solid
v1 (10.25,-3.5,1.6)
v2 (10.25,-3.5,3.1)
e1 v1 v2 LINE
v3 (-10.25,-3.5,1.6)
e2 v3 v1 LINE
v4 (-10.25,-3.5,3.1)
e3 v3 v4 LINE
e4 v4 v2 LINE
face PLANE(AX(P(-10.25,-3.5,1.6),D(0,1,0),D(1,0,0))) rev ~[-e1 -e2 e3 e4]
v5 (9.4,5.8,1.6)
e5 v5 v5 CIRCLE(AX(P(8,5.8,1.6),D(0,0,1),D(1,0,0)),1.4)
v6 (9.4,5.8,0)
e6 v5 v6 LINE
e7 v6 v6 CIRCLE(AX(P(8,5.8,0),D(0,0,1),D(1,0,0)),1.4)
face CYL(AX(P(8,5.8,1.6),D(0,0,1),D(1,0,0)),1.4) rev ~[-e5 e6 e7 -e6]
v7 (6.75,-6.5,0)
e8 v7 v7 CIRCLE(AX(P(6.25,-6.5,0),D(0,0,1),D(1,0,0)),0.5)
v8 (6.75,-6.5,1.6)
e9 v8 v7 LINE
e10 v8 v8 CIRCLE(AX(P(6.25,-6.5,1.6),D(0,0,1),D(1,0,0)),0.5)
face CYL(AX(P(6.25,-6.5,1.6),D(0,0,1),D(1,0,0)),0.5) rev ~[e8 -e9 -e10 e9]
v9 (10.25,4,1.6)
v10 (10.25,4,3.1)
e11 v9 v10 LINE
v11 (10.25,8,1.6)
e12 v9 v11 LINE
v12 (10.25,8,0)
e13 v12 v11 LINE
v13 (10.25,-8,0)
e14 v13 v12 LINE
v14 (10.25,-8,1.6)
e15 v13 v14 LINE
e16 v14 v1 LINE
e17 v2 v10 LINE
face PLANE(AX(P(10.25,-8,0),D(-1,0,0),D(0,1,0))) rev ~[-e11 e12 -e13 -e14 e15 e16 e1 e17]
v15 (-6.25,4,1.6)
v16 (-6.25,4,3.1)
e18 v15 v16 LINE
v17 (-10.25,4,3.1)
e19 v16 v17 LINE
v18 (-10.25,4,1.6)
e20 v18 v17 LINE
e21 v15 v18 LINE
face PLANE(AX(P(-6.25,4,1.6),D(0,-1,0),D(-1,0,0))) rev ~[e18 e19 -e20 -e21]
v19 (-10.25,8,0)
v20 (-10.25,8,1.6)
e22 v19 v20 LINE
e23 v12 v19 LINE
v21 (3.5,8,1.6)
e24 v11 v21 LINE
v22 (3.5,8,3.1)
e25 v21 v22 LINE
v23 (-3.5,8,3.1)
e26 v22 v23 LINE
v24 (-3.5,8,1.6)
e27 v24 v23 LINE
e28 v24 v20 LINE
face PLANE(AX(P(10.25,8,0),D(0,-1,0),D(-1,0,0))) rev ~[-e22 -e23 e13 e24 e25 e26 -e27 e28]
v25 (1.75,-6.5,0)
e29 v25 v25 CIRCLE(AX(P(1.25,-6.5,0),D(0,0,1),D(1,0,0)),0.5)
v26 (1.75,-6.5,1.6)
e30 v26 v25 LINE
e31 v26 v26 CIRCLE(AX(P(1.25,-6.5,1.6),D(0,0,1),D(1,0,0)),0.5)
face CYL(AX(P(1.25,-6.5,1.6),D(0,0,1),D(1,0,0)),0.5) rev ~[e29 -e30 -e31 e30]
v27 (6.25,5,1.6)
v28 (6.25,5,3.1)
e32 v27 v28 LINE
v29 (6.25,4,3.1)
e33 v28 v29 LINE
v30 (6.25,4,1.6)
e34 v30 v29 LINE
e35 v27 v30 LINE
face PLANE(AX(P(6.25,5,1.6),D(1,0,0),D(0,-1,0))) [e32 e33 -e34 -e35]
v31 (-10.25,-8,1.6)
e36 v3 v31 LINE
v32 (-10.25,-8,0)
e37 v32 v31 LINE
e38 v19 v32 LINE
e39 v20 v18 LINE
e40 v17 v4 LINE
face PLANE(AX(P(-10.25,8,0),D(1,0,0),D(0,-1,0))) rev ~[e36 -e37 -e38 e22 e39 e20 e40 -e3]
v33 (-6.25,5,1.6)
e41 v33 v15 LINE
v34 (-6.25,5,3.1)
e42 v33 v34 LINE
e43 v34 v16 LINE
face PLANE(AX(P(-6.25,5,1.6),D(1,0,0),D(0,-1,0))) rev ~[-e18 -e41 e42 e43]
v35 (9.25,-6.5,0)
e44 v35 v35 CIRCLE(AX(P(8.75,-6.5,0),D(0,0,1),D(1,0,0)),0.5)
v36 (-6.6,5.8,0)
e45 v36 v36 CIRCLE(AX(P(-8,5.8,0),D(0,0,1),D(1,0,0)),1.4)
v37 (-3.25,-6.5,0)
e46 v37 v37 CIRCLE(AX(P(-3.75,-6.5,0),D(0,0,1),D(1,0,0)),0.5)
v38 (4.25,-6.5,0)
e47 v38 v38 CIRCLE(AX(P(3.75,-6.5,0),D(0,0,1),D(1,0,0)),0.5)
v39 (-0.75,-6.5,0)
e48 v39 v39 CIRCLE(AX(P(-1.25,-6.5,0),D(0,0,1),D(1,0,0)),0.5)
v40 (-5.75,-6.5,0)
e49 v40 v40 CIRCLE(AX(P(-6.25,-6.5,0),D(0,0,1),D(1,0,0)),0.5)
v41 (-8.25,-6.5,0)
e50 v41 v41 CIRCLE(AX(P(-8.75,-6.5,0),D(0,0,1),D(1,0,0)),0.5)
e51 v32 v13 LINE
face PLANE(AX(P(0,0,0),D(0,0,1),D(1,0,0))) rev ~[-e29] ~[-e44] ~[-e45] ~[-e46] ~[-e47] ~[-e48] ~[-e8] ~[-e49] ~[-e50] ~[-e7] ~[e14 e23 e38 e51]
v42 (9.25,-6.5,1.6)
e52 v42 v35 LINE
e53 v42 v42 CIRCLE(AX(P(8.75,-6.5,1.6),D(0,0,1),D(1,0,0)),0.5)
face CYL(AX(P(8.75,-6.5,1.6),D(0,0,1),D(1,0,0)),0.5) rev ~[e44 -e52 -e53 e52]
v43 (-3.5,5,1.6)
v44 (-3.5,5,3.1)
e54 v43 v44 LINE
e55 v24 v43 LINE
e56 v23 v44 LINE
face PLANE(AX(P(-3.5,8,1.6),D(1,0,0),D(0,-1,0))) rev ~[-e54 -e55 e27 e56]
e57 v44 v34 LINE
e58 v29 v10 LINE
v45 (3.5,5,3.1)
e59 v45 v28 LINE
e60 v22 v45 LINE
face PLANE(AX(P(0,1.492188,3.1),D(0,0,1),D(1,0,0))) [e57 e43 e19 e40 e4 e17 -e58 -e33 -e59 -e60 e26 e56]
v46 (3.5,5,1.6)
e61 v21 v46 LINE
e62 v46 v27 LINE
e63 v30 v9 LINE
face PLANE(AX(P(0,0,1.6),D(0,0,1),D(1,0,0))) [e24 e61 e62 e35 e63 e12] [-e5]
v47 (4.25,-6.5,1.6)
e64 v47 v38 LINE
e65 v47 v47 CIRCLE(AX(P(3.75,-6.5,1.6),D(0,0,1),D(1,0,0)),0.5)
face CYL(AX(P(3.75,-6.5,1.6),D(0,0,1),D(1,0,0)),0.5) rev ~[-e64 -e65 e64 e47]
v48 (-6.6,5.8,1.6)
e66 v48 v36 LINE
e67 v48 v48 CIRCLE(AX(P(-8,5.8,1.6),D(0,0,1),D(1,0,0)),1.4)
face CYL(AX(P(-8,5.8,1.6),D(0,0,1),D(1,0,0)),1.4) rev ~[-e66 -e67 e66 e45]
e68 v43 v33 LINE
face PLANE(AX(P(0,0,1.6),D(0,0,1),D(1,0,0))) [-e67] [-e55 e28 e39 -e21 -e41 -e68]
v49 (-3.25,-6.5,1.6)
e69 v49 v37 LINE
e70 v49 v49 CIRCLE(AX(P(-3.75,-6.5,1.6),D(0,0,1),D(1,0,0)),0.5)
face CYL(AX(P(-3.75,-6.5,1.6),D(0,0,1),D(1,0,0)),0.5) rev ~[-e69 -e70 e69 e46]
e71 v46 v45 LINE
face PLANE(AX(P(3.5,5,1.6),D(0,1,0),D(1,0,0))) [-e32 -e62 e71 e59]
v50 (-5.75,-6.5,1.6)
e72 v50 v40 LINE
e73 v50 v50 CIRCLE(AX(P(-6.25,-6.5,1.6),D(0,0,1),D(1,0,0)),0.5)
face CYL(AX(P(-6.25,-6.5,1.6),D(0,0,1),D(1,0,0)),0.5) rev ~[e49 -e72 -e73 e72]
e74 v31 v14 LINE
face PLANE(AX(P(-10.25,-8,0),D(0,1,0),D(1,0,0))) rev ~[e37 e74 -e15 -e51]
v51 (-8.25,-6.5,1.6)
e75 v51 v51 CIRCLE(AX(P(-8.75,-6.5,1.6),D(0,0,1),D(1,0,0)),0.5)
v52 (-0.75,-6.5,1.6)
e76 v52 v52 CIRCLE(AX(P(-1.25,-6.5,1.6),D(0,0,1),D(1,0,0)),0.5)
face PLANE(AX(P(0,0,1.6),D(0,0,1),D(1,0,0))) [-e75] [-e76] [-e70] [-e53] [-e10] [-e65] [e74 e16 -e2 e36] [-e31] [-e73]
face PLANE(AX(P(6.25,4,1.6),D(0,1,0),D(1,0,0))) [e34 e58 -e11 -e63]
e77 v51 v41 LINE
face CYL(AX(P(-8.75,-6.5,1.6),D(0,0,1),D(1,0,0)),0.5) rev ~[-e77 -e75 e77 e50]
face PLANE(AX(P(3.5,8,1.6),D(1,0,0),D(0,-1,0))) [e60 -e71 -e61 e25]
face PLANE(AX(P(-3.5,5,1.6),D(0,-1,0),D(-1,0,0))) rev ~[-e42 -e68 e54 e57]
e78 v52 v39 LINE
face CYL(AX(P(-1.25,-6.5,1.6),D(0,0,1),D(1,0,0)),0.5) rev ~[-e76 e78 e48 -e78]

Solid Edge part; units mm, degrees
sketch "Sketch1" plane through (0, 0, 0) normal (0, 0, 1) x (1, 0, 0)
  line L0 (-10.25, -8) -> (10.25, -8)
  line L1 (10.25, -8) -> (10.25, 8)
  line L2 (10.25, 8) -> (-10.25, 8)
  line L3 (-10.25, 8) -> (-10.25, -8)
  dimension "D1" = 20.5
  dimension "D2" = 16
extrude "Protrusion1" add sketch "Sketch1" along normal blind 1.6
sketch "Sketch2" plane through (0, 0, 1.6) normal (0, 0, 1) x (1, 0, 0)
  circle A0 centre (-8, 5.8) radius 1.4
  circle A1 centre (8, 5.8) radius 1.4
  dimension "D1" = 2.8
  dimension "D2" = 18.8
  dimension "D3" = 0.85
  dimension "D4" = 0.8
extrude "Cutout1" cut sketch "Sketch2" against normal through all
sketch "Sketch3" plane through (0, 0, 1.6) normal (0, 0, 1) x (1, 0, 0)
  line L0 (-10.25, -3.5) -> (10.25, -3.5)
  line L1 (10.25, -3.5) -> (10.25, 4)
  line L2 (6.25, 4) -> (10.25, 4)
  line L3 (6.25, 5) -> (6.25, 4)
  line L4 (3.5, 5) -> (6.25, 5)
  line L5 (3.5, 8) -> (3.5, 5)
  line L6 (3.5, 8) -> (-3.5, 8)
  line L7 (-3.5, 8) -> (-3.5, 5)
  line L8 (-3.5, 5) -> (-6.25, 5)
  line L9 (-6.25, 5) -> (-6.25, 4)
  line L10 (-6.25, 4) -> (-10.25, 4)
  line L11 (-10.25, 4) -> (-10.25, -3.5)
  dimension "D1" = 7
  dimension "D2" = 3
  dimension "D3" = 4.5
  dimension "D4" = 7.5
  dimension "D5" = 4
  dimension "D6" = 7.5
  dimension "D7" = 3
  dimension "D8" = 4
extrude "Extrusionsausprägung_2" add sketch "Sketch3" along normal blind 1.5
sketch "Sketch4" plane through (0, -5.75, 1.6) normal (0, 0, 1) x (1, 0, 0)
  circle A0 centre (-8.75, -0.75) radius 0.5
  circle A1 centre (-6.25, -0.75) radius 0.5
  circle A2 centre (-3.75, -0.75) radius 0.5
  circle A3 centre (-1.25, -0.75) radius 0.5
  circle A4 centre (1.25, -0.75) radius 0.5
  circle A5 centre (3.75, -0.75) radius 0.5
  circle A6 centre (6.25, -0.75) radius 0.5
  circle A7 centre (8.75, -0.75) radius 0.5
  dimension "D1" = 2.5
  dimension "D2" = 1
  dimension "D3" = 1.5
extrude "Cutout2" cut sketch "Sketch4" against normal through all
